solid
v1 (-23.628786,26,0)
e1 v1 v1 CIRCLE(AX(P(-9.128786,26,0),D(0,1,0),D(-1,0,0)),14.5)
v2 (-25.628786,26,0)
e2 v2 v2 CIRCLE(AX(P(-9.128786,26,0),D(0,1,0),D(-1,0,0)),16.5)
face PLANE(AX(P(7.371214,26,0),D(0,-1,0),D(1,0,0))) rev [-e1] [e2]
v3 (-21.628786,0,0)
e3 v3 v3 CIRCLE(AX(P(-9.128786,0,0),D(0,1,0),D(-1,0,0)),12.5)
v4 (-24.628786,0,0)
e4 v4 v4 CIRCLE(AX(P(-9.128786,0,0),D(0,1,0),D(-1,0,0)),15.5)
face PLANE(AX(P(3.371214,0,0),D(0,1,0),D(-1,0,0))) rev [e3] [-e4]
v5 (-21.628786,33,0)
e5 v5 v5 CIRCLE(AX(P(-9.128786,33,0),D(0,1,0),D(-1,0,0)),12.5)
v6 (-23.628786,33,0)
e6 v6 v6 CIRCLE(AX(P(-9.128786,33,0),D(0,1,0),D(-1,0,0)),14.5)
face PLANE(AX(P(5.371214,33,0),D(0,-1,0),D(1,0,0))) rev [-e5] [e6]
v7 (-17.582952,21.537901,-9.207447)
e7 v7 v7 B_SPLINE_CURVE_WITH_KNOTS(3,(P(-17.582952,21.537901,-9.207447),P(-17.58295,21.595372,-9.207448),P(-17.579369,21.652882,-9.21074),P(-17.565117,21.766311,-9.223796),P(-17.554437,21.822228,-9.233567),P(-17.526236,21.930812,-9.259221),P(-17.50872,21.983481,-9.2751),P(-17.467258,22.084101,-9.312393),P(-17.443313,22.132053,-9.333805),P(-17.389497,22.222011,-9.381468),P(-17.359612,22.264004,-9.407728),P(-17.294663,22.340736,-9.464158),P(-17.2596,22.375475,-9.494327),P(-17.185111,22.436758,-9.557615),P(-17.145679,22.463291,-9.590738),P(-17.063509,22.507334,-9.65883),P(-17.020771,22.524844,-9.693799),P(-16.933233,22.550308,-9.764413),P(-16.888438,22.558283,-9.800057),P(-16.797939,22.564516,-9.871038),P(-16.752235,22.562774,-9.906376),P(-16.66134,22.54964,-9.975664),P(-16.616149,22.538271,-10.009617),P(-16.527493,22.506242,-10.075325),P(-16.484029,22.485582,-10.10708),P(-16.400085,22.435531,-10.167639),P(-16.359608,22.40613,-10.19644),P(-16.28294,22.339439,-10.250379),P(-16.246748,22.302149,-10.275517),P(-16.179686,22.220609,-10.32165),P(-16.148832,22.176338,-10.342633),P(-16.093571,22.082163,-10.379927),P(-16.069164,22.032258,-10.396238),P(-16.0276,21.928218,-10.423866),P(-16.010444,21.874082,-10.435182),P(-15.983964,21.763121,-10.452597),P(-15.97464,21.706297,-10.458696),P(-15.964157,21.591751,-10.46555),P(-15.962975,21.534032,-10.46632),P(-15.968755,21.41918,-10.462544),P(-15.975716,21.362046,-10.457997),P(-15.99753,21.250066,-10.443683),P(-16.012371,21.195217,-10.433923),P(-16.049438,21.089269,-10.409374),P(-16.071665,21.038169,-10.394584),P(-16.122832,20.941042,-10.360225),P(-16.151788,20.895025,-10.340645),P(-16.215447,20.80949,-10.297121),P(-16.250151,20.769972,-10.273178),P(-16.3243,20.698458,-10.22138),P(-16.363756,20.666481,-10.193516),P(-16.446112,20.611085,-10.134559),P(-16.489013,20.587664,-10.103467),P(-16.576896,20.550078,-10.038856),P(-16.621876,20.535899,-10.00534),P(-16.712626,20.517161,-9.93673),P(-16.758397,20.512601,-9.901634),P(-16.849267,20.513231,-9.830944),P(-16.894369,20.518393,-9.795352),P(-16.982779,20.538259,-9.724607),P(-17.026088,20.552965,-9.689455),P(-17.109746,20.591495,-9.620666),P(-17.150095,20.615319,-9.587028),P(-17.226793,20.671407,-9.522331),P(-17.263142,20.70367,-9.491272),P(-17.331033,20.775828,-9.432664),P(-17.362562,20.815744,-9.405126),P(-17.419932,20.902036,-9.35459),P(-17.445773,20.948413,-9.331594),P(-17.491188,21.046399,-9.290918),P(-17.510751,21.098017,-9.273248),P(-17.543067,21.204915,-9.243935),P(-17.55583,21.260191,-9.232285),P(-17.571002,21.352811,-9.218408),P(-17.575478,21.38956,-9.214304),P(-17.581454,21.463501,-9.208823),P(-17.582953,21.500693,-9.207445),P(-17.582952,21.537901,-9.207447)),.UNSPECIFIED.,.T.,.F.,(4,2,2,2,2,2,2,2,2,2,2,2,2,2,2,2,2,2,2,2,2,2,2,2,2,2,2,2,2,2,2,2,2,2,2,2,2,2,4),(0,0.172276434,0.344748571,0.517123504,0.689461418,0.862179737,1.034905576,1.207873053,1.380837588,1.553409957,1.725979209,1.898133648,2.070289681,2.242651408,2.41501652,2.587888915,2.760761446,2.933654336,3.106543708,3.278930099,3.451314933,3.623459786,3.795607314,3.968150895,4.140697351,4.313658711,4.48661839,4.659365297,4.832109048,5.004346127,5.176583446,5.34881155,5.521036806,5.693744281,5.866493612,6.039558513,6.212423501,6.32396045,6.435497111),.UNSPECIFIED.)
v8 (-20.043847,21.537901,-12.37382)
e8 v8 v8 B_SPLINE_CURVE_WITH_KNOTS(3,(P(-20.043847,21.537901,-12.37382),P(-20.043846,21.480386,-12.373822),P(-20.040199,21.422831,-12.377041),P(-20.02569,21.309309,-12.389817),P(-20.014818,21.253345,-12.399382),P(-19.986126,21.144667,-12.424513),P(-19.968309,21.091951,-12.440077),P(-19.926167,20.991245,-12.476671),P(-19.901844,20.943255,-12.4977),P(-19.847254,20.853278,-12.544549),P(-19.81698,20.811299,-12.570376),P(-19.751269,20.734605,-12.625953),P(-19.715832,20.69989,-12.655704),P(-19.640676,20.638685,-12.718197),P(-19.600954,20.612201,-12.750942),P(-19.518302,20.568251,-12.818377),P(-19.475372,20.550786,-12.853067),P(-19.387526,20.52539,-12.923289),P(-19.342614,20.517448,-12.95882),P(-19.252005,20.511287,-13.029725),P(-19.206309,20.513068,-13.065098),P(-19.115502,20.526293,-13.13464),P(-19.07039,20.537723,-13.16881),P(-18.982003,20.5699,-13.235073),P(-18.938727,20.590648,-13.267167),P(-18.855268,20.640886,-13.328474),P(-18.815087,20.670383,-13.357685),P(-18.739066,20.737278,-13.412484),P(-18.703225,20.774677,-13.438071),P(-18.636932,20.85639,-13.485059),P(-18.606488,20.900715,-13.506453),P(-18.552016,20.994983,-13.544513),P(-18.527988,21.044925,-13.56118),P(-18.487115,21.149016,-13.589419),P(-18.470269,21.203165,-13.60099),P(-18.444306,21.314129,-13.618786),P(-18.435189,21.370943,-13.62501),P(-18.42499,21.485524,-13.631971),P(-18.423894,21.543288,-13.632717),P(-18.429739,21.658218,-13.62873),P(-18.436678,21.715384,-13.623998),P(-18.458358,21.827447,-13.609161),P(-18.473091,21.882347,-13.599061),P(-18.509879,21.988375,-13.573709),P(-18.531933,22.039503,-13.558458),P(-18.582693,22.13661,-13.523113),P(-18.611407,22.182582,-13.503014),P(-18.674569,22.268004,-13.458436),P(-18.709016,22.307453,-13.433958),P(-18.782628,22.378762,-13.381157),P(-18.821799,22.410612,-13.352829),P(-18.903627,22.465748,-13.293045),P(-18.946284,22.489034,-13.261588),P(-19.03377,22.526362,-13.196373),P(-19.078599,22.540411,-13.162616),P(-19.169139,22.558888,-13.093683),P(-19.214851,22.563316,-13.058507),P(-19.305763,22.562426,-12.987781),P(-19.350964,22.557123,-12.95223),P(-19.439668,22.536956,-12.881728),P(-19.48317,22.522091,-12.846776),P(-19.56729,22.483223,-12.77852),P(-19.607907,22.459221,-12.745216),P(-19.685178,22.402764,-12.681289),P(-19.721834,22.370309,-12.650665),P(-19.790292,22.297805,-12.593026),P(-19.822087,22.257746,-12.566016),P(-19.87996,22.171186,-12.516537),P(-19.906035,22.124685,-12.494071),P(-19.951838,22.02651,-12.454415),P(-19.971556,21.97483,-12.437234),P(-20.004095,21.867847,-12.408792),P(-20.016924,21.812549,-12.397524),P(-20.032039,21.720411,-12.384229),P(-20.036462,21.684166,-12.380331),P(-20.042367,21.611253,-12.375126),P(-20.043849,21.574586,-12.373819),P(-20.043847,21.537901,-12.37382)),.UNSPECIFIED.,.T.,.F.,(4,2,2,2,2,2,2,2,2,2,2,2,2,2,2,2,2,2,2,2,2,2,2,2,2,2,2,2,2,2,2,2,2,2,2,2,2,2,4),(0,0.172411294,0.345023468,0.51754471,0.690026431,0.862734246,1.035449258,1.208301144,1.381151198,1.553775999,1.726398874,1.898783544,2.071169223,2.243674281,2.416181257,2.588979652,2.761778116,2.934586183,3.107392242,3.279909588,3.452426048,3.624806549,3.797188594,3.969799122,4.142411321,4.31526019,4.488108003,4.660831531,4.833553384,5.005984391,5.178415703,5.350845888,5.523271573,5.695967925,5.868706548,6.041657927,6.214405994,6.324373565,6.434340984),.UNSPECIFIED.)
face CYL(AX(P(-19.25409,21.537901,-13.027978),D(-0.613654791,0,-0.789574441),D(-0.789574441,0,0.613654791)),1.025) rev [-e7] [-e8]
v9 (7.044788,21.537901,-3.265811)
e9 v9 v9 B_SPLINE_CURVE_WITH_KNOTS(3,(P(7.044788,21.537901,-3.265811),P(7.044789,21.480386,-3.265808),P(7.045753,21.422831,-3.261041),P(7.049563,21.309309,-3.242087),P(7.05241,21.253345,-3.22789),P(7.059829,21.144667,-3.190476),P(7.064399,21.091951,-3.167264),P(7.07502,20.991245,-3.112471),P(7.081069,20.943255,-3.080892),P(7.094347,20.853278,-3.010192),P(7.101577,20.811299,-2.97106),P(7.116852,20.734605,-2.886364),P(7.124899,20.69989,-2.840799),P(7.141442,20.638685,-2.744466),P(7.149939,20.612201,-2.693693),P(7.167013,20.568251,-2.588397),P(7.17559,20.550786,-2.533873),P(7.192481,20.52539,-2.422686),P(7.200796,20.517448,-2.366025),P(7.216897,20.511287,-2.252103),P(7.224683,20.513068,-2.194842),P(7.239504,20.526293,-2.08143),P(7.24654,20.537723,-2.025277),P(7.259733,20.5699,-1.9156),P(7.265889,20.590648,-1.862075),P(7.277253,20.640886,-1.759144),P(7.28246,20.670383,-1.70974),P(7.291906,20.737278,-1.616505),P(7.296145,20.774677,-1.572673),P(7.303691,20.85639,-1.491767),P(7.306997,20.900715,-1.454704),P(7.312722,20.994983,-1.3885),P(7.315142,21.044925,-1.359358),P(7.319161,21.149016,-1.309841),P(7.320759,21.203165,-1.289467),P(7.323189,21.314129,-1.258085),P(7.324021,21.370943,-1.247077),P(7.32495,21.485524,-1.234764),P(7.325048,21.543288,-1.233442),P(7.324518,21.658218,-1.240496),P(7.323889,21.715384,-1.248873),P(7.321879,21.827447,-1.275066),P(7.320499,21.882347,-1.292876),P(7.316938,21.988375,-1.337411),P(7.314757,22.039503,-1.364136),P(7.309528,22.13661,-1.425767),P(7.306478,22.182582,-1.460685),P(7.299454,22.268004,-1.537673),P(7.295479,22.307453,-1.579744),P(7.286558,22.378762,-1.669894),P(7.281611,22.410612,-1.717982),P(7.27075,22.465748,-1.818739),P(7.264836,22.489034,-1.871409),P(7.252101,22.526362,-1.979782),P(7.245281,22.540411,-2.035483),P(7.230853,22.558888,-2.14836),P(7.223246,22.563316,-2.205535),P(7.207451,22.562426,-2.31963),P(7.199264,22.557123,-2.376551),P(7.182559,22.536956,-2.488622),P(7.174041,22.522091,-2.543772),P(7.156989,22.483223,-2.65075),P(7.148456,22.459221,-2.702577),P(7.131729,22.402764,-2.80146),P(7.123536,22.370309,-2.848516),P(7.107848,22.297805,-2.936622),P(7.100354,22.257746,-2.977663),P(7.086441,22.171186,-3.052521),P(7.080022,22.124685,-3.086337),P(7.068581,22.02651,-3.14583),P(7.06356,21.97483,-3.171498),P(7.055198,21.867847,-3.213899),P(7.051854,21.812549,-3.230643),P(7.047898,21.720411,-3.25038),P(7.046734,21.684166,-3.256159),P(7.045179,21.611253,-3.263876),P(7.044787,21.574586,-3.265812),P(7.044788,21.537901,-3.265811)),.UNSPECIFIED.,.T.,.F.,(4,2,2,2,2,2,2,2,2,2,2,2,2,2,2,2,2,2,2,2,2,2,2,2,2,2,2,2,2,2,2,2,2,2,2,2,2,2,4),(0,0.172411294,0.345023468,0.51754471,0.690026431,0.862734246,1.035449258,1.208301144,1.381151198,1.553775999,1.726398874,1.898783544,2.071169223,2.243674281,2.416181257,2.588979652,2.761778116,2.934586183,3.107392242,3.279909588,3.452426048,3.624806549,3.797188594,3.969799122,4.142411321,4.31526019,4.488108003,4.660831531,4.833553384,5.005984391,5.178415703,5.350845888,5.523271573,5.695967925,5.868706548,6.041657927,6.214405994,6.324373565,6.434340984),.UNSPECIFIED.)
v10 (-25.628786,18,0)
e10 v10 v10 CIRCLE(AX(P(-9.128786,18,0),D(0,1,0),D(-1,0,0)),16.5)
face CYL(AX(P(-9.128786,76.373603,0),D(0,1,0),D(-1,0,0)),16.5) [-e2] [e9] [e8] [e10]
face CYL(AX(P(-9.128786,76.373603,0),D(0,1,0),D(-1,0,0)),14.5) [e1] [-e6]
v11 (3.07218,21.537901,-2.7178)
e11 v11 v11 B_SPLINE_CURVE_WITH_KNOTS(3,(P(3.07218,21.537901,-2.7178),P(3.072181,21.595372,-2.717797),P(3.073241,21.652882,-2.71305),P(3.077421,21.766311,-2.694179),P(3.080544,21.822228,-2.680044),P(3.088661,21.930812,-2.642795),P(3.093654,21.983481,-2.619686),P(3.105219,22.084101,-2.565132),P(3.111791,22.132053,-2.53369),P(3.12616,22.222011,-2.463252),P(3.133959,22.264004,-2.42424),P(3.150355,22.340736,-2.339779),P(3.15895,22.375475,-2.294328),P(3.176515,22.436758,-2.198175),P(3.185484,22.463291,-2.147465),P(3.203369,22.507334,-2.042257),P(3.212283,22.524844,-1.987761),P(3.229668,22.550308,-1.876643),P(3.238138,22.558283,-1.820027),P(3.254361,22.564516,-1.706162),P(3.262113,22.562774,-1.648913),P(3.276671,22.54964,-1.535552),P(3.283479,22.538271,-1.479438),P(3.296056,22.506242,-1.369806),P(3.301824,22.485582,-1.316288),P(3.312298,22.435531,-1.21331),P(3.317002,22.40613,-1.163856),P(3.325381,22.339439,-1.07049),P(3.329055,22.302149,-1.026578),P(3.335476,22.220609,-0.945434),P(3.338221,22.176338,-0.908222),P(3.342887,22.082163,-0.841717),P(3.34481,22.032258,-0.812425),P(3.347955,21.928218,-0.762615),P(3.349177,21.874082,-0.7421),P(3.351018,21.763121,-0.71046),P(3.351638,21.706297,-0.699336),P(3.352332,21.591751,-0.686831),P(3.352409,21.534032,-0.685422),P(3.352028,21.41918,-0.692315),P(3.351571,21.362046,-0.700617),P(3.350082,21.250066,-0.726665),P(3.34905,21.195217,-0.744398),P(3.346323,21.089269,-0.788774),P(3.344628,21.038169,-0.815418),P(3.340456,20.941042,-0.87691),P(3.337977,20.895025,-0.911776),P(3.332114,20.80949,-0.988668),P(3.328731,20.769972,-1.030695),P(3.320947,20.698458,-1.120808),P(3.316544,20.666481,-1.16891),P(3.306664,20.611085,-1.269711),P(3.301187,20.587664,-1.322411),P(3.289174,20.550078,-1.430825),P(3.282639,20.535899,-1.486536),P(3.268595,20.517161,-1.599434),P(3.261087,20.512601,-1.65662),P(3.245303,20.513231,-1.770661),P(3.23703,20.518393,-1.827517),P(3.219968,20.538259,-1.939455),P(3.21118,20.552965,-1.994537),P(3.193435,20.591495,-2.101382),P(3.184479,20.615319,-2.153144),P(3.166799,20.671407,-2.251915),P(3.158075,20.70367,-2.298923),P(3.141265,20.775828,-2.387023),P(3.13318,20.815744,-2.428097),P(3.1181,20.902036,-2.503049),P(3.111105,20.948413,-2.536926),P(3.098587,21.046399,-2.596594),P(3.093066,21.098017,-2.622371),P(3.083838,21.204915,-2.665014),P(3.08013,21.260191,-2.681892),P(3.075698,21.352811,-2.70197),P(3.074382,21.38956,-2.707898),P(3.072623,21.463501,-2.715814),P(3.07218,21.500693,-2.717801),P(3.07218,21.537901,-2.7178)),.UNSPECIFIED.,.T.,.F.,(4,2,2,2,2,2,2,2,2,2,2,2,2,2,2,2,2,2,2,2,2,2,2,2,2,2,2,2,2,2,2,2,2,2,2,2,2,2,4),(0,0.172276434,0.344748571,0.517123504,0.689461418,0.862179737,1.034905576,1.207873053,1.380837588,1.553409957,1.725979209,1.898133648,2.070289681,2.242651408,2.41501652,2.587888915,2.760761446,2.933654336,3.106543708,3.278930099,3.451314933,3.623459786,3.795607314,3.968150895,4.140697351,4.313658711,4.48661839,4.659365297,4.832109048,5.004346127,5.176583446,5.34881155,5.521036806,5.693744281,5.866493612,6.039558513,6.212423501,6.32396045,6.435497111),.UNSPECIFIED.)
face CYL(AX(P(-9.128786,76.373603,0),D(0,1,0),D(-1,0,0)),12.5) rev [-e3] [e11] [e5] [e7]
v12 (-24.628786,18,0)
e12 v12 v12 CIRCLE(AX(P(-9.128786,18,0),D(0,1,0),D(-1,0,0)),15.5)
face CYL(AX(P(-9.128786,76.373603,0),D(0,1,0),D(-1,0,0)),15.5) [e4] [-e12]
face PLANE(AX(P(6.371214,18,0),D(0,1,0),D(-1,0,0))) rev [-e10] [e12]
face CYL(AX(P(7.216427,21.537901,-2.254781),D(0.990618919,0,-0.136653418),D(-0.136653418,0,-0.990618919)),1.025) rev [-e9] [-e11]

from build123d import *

# Parameters (mm, degrees)
MATRIZC1_COUNT = 3


with BuildPart() as part:
    # Croquis1 → Revolución1 (revolve)
    with BuildSketch(Plane.XY, mode=Mode.PRIVATE) as revoluci_n1_sk:
        Polygon((6.371214478, 0), (6.371214478, 18), (7.371214478, 18), (7.371214478, 26), (5.371214478, 26), (5.371214478, 33), (3.371214478, 33), (3.371214478, 0), align=None)
    revolve(revoluci_n1_sk.sketch.rotate(Axis((-9.128785522, 76.373603091, 0), (0, -1, 0)), 180), axis=Axis((-9.128785522, 76.373603091, 0), (0, -1, 0)))

    # Croquis2 → Perforador para roscar para macho de roscar para M2.5x0.451 (revolve, cut)
    with BuildSketch(Plane(origin=(7.216426647, 21.537901264, -2.254781399), x_dir=(-0.13665341811634468, 0, -0.9906189193212089), z_dir=(0, 1, 0))):
        Polygon((0, 0), (0, 10.615882135), (1.025, 10), (1.025, 0), align=None)
    perforador_para_roscar_para_macho_de_ros = revolve(axis=Axis((13.506856785, 21.537901264, -3.122530604), (-0.9906189193212088, 0, 0.13665341811634468)), mode=Mode.SUBTRACT)

    # MatrizC1: Perforador para roscar para macho de roscar para M2.5x0.451 ×3 about axis, 1 skipped
    matrizc1_axis = Axis((-9.128785522, 26, 0), (0, 1, 0))
    add([perforador_para_roscar_para_macho_de_ros.rotate(matrizc1_axis, i * 360 / MATRIZC1_COUNT) for i in range(1, MATRIZC1_COUNT) if i not in (2,)], mode=Mode.SUBTRACT)


solid = part.part
